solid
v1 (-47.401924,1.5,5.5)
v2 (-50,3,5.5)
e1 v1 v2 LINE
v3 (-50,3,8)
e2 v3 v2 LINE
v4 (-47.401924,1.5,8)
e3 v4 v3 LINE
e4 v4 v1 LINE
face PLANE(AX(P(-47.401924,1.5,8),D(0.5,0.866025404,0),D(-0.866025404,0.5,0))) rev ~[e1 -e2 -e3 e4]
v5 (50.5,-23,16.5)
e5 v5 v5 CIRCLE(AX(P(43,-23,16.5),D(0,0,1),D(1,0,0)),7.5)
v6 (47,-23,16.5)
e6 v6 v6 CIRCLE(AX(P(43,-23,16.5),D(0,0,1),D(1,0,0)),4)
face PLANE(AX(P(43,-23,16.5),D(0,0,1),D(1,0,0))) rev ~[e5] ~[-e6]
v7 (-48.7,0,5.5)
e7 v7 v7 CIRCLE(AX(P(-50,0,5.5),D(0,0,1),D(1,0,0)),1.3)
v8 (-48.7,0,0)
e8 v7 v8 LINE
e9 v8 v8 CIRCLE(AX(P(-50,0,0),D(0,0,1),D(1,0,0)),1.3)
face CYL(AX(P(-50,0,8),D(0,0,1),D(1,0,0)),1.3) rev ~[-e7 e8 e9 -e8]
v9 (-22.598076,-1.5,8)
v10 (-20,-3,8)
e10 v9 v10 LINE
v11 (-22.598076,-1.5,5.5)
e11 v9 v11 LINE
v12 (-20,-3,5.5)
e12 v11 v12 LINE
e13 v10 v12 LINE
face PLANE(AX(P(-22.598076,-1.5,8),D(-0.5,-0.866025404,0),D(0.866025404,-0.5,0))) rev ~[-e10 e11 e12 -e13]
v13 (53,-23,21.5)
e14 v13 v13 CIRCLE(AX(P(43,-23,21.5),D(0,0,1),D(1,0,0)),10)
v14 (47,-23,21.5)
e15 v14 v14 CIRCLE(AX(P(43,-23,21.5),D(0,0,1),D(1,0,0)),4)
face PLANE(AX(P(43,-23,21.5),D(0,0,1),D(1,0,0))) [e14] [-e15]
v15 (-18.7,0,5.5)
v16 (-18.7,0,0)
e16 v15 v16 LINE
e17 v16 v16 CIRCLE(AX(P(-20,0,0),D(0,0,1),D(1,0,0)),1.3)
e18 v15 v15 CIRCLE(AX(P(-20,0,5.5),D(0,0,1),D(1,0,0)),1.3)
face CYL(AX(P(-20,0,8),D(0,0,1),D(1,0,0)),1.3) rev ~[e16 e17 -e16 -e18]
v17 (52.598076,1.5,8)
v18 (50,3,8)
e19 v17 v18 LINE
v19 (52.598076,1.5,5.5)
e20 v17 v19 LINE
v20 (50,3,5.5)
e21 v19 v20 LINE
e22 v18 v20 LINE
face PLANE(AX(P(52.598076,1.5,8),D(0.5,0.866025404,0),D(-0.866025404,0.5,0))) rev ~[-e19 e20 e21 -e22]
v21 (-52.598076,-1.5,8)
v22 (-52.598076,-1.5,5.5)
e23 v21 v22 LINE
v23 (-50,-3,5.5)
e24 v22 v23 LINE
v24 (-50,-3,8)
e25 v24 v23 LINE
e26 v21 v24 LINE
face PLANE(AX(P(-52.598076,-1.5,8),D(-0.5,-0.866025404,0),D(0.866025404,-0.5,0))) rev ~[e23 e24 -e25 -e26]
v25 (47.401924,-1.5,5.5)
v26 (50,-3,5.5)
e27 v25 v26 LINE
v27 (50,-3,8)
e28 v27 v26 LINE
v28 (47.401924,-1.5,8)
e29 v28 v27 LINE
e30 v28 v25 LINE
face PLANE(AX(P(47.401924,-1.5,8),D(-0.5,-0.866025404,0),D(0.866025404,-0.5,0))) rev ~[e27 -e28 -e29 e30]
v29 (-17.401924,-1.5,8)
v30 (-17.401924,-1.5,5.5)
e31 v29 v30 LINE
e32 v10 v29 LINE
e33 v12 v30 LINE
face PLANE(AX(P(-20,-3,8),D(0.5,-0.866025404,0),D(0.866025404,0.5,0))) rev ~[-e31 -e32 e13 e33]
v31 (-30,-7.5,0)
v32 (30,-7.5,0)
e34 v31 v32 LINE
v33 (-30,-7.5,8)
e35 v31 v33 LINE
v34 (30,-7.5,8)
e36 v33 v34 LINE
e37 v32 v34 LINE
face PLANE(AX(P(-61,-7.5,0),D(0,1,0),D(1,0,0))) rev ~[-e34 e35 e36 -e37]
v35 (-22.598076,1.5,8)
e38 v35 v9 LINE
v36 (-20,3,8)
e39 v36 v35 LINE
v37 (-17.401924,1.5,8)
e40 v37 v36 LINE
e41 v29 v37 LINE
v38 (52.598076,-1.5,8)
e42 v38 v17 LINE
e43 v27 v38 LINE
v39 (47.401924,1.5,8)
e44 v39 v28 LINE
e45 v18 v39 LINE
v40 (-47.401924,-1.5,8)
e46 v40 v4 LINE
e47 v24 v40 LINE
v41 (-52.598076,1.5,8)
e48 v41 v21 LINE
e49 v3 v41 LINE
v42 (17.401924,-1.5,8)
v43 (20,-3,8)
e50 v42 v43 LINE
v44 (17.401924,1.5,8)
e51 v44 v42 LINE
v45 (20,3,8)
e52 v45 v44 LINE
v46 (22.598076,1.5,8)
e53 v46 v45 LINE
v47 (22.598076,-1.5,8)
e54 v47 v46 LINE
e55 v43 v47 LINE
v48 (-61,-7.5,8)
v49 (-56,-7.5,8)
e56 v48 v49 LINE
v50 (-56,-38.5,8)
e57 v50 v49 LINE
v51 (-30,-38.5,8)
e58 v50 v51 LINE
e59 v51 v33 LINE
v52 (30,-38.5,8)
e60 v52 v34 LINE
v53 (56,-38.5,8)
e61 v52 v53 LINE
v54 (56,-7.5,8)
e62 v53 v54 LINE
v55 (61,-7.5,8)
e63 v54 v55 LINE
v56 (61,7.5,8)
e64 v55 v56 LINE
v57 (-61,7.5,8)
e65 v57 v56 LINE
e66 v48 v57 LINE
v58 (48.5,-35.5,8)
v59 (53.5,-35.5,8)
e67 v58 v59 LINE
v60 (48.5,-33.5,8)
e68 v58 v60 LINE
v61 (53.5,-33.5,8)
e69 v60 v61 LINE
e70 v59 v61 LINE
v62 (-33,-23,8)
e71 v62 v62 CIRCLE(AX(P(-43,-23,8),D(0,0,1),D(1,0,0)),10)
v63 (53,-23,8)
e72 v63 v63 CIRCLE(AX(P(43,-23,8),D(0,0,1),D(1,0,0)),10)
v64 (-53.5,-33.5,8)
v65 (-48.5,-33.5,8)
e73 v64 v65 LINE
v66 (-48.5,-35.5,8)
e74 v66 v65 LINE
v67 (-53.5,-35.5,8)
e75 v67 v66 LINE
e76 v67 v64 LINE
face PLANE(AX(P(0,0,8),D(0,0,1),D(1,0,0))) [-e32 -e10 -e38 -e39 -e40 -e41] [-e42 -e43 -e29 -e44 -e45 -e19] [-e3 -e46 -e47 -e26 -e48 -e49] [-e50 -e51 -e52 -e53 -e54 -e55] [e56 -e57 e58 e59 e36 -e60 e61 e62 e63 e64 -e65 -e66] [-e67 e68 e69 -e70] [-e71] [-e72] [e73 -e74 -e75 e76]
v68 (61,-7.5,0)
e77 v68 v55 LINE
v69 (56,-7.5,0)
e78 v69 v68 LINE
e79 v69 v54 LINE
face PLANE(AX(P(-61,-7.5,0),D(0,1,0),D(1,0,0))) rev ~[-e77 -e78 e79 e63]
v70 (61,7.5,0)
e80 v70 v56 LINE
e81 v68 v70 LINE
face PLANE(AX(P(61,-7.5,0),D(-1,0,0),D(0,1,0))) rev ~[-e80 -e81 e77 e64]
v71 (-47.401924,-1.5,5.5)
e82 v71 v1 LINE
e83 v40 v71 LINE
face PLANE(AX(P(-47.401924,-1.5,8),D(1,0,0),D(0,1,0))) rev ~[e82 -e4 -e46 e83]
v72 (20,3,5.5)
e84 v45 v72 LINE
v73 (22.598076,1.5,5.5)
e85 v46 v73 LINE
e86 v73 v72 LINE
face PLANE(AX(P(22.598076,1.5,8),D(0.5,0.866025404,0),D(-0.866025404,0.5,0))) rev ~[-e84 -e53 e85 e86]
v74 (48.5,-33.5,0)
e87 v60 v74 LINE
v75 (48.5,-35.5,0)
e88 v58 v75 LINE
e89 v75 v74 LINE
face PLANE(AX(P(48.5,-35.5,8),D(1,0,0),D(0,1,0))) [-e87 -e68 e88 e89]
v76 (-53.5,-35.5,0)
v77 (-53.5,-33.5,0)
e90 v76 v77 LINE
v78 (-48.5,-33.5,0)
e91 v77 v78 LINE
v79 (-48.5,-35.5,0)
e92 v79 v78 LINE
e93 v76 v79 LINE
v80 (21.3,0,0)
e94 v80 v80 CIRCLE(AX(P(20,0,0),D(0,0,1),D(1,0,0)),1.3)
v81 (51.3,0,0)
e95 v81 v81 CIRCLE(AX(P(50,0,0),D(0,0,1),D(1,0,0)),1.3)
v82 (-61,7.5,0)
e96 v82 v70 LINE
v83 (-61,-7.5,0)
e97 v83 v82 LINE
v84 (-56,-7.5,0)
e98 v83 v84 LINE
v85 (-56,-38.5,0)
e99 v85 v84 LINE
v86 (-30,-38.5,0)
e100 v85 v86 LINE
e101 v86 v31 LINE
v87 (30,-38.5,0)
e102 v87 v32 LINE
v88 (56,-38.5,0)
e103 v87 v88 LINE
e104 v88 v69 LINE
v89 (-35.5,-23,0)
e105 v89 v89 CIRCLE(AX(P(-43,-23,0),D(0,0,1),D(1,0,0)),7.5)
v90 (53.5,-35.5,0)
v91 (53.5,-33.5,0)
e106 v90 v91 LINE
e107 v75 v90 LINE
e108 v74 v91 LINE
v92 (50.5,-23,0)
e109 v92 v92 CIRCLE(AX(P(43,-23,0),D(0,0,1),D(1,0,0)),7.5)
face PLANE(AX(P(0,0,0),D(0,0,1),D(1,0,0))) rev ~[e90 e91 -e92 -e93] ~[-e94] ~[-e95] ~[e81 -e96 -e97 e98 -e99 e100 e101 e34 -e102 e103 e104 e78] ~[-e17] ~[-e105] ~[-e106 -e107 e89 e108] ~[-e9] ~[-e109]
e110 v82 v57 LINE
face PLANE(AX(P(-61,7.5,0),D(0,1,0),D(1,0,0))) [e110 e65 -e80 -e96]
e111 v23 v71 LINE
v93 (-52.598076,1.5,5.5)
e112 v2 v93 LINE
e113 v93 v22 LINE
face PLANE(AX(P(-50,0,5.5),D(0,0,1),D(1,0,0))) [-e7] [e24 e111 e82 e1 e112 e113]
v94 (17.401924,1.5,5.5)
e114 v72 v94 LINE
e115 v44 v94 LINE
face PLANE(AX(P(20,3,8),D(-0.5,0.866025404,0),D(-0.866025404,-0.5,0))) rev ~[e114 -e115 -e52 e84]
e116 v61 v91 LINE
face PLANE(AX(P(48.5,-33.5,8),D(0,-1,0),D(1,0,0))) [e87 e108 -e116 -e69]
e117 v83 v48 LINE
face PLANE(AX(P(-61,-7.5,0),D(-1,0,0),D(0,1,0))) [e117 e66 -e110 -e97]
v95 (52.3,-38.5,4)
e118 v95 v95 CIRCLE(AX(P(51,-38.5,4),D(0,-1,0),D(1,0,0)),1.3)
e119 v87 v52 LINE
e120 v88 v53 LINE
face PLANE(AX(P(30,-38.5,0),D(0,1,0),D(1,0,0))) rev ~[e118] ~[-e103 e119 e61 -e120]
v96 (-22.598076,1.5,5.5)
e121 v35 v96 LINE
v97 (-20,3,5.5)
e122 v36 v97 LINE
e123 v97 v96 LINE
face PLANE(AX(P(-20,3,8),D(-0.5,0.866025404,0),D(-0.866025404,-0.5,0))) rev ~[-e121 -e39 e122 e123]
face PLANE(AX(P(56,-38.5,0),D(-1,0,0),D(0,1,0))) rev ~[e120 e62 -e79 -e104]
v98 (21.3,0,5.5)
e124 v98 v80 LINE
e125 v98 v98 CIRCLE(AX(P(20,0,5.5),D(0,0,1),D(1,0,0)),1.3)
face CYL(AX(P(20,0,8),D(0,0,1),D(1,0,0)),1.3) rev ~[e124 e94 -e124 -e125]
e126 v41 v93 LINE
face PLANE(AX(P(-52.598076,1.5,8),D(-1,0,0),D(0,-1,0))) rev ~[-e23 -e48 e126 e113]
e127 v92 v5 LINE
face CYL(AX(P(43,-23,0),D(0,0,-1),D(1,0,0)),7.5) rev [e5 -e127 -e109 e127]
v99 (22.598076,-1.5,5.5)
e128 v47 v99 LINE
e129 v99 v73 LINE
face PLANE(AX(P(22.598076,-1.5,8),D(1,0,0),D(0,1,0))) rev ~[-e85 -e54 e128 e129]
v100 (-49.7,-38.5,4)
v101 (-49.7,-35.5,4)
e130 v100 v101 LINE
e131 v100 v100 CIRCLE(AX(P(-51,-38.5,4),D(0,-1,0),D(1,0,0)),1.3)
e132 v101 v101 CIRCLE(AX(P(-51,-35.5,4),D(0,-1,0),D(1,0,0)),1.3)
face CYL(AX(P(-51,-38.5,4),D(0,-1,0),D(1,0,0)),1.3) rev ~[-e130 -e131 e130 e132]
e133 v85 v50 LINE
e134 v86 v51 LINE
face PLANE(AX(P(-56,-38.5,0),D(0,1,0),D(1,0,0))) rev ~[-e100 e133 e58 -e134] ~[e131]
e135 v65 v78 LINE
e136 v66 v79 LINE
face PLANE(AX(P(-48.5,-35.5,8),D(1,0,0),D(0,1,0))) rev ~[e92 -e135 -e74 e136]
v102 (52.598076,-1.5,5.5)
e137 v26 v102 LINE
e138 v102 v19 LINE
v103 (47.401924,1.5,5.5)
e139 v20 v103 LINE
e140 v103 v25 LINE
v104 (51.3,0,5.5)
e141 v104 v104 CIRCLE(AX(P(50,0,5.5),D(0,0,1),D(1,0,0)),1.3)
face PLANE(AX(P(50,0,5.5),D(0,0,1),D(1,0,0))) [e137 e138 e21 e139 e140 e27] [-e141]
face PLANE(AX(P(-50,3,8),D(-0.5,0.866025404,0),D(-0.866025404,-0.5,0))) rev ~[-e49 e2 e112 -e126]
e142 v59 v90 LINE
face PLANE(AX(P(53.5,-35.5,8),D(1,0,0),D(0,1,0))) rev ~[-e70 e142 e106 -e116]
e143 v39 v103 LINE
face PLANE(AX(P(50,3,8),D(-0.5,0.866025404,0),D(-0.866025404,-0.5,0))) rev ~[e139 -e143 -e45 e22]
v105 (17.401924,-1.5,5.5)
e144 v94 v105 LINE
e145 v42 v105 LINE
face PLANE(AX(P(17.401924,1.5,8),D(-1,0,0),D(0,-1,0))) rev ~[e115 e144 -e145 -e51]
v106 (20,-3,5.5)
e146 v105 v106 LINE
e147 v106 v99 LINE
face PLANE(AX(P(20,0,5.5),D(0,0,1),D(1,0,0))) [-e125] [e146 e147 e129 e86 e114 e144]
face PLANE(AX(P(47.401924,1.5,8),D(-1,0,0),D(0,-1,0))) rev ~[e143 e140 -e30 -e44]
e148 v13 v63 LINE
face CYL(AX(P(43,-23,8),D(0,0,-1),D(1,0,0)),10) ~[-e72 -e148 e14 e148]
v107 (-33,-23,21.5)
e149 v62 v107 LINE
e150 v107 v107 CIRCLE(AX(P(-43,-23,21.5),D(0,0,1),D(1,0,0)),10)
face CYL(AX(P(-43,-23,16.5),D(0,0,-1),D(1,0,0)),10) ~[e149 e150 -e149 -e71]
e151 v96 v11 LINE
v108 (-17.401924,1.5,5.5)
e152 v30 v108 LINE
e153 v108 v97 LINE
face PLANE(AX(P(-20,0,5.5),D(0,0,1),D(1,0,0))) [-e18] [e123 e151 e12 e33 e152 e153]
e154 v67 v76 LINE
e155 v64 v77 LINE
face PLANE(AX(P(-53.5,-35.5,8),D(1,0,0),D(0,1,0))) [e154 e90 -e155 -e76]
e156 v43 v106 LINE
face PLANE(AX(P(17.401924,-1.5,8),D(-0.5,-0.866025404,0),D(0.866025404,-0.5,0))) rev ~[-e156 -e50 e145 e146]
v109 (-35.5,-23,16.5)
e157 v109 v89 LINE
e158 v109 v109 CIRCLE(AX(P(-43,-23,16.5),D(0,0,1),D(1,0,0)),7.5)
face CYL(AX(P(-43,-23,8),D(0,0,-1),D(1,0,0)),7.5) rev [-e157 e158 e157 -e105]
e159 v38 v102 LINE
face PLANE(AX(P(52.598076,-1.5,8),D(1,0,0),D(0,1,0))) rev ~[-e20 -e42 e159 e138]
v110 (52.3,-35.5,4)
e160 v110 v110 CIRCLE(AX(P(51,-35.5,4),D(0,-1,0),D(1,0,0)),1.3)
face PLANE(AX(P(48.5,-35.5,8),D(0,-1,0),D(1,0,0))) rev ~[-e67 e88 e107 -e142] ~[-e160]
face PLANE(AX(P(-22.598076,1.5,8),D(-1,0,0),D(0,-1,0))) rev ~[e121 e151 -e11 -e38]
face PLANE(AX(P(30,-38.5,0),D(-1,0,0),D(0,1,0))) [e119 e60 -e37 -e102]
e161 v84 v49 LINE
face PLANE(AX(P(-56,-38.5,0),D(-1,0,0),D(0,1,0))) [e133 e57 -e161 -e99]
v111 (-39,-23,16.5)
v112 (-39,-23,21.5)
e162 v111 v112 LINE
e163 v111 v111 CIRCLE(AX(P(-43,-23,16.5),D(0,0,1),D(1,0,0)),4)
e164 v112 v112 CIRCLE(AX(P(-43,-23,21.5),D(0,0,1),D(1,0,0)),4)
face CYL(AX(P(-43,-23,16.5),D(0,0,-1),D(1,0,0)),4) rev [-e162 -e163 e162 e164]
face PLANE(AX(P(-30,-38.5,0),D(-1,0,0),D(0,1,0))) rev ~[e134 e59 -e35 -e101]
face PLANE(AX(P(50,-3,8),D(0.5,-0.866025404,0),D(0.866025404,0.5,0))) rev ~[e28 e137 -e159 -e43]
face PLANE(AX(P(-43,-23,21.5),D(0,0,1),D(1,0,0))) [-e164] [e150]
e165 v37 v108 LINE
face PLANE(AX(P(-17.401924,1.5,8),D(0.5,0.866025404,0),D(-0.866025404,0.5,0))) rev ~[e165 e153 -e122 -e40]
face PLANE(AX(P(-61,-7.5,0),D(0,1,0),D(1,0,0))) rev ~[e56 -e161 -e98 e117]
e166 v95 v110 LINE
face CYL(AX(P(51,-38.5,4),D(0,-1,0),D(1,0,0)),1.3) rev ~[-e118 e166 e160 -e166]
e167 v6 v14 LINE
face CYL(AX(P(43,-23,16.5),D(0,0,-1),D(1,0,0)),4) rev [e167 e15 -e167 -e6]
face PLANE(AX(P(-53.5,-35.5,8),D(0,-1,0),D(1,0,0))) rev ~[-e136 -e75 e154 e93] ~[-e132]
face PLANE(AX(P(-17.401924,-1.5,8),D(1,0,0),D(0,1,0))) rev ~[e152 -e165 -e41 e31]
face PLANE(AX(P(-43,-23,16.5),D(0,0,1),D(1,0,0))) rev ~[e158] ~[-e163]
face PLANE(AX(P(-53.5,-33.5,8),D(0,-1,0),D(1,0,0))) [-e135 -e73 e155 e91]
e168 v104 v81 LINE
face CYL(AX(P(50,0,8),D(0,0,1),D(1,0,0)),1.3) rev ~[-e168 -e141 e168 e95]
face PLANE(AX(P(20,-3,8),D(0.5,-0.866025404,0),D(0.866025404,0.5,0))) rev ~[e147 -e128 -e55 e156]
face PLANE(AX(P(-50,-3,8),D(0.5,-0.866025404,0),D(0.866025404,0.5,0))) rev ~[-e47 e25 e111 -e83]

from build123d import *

# Parameters (mm, degrees)
SKETCH1_W               = 122
SKETCH1_H               = 15
BOSS_EXTRUDE1_DEPTH     = 8
SKETCH2_R               = 1.3
CUT_EXTRUDE1_DEPTH      = 1
CUT_EXTRUDE1_DEPTH_BACK = 9
CUT_EXTRUDE3_DEPTH      = 2.5
SKETCH5_W               = 26
SKETCH5_H               = 31
SKETCH5_R               = 7.5
BOSS_EXTRUDE2_DEPTH     = 8
SKETCH6_R               = 10
SKETCH6_R_2             = 7.5
BOSS_EXTRUDE3_DEPTH     = 8.5
SKETCH7_R               = 10
SKETCH7_R_2             = 4
BOSS_EXTRUDE4_DEPTH     = 5
SKETCH8_R               = 1.3
CUT_EXTRUDE4_DEPTH      = 5
SKETCH9_W               = 5
SKETCH9_H               = 2
CUT_EXTRUDE5_DEPTH      = 14.5
CUT_EXTRUDE5_DEPTH_BACK = 9


with BuildPart() as part:
    # Sketch1 → Boss-Extrude1 (new body)
    with BuildSketch(Plane.XY):
        Rectangle(SKETCH1_W, SKETCH1_H)
    extrude(amount=BOSS_EXTRUDE1_DEPTH)

    # Sketch2 → Cut-Extrude1 (cut, two sides)
    with BuildSketch(Plane.XY.offset(8)) as cut_extrude1_sk:
        with Locations((-20, 0)):
            Circle(SKETCH2_R)
        with Locations((20, 0)):
            Circle(SKETCH2_R)
        with Locations((-50, 0)):
            Circle(SKETCH2_R)
        with Locations((50, 0)):
            Circle(SKETCH2_R)
    extrude(amount=CUT_EXTRUDE1_DEPTH, mode=Mode.SUBTRACT)
    extrude(cut_extrude1_sk.sketch, amount=-CUT_EXTRUDE1_DEPTH_BACK, mode=Mode.SUBTRACT)

    # Sketch4 → Cut-Extrude3 (cut)
    with BuildSketch(Plane.XY.offset(8)):
        Polygon((-50, 3), (-52.598076211, 1.5), (-52.598076211, -1.5), (-50, -3), (-47.401923789, -1.5), (-47.401923789, 1.5), align=None)
        Polygon((-20, 3), (-22.598076211, 1.5), (-22.598076211, -1.5), (-20, -3), (-17.401923789, -1.5), (-17.401923789, 1.5), align=None)
        Polygon((20, 3), (17.401923789, 1.5), (17.401923789, -1.5), (20, -3), (22.598076211, -1.5), (22.598076211, 1.5), align=None)
        Polygon((50, 3), (47.401923789, 1.5), (47.401923789, -1.5), (50, -3), (52.598076211, -1.5), (52.598076211, 1.5), align=None)
    extrude(amount=-CUT_EXTRUDE3_DEPTH, mode=Mode.SUBTRACT)

    # Sketch5 → Boss-Extrude2 (add)
    with BuildSketch(Plane.XY):
        with Locations((-43, -23)):
            Rectangle(SKETCH5_W, SKETCH5_H)
        with Locations((-43, -23)):
            Circle(SKETCH5_R, mode=Mode.SUBTRACT)
        with Locations((43, -23)):
            Rectangle(SKETCH5_W, SKETCH5_H)
        with Locations((43, -23)):
            Circle(SKETCH5_R, mode=Mode.SUBTRACT)
    extrude(amount=BOSS_EXTRUDE2_DEPTH)

    # Sketch6 → Boss-Extrude3 (add)
    with BuildSketch(Plane.XY.offset(8)):
        with Locations((-43, -23)):
            Circle(SKETCH6_R)
        with Locations((-43, -23)):
            Circle(SKETCH6_R_2, mode=Mode.SUBTRACT)
        with Locations((43, -23)):
            Circle(SKETCH6_R)
        with Locations((43, -23)):
            Circle(SKETCH6_R_2, mode=Mode.SUBTRACT)
    extrude(amount=BOSS_EXTRUDE3_DEPTH)

    # Sketch7 → Boss-Extrude4 (add)
    with BuildSketch(Plane.XY.offset(16.5)):
        with Locations((-43, -23)):
            Circle(SKETCH7_R)
        with Locations((-43, -23)):
            Circle(SKETCH7_R_2, mode=Mode.SUBTRACT)
        with Locations((43, -23)):
            Circle(SKETCH7_R)
        with Locations((43, -23)):
            Circle(SKETCH7_R_2, mode=Mode.SUBTRACT)
    extrude(amount=BOSS_EXTRUDE4_DEPTH)

    # Sketch8 → Cut-Extrude4 (cut)
    with BuildSketch(Plane.XZ.offset(38.5)):
        with Locations((51, 4)):
            Circle(SKETCH8_R)
        with Locations((-51, 4)):
            Circle(SKETCH8_R)
    extrude(amount=-CUT_EXTRUDE4_DEPTH, mode=Mode.SUBTRACT)

    # Sketch9 → Cut-Extrude5 (cut, two sides)
    with BuildSketch(Plane.XY.offset(8)) as cut_extrude5_sk:
        with Locations((-51, -34.5)):
            Rectangle(SKETCH9_W, SKETCH9_H)
        with Locations((51, -34.5)):
            Rectangle(SKETCH9_W, SKETCH9_H)
    extrude(amount=CUT_EXTRUDE5_DEPTH, mode=Mode.SUBTRACT)
    extrude(cut_extrude5_sk.sketch, amount=-CUT_EXTRUDE5_DEPTH_BACK, mode=Mode.SUBTRACT)


solid = part.part
